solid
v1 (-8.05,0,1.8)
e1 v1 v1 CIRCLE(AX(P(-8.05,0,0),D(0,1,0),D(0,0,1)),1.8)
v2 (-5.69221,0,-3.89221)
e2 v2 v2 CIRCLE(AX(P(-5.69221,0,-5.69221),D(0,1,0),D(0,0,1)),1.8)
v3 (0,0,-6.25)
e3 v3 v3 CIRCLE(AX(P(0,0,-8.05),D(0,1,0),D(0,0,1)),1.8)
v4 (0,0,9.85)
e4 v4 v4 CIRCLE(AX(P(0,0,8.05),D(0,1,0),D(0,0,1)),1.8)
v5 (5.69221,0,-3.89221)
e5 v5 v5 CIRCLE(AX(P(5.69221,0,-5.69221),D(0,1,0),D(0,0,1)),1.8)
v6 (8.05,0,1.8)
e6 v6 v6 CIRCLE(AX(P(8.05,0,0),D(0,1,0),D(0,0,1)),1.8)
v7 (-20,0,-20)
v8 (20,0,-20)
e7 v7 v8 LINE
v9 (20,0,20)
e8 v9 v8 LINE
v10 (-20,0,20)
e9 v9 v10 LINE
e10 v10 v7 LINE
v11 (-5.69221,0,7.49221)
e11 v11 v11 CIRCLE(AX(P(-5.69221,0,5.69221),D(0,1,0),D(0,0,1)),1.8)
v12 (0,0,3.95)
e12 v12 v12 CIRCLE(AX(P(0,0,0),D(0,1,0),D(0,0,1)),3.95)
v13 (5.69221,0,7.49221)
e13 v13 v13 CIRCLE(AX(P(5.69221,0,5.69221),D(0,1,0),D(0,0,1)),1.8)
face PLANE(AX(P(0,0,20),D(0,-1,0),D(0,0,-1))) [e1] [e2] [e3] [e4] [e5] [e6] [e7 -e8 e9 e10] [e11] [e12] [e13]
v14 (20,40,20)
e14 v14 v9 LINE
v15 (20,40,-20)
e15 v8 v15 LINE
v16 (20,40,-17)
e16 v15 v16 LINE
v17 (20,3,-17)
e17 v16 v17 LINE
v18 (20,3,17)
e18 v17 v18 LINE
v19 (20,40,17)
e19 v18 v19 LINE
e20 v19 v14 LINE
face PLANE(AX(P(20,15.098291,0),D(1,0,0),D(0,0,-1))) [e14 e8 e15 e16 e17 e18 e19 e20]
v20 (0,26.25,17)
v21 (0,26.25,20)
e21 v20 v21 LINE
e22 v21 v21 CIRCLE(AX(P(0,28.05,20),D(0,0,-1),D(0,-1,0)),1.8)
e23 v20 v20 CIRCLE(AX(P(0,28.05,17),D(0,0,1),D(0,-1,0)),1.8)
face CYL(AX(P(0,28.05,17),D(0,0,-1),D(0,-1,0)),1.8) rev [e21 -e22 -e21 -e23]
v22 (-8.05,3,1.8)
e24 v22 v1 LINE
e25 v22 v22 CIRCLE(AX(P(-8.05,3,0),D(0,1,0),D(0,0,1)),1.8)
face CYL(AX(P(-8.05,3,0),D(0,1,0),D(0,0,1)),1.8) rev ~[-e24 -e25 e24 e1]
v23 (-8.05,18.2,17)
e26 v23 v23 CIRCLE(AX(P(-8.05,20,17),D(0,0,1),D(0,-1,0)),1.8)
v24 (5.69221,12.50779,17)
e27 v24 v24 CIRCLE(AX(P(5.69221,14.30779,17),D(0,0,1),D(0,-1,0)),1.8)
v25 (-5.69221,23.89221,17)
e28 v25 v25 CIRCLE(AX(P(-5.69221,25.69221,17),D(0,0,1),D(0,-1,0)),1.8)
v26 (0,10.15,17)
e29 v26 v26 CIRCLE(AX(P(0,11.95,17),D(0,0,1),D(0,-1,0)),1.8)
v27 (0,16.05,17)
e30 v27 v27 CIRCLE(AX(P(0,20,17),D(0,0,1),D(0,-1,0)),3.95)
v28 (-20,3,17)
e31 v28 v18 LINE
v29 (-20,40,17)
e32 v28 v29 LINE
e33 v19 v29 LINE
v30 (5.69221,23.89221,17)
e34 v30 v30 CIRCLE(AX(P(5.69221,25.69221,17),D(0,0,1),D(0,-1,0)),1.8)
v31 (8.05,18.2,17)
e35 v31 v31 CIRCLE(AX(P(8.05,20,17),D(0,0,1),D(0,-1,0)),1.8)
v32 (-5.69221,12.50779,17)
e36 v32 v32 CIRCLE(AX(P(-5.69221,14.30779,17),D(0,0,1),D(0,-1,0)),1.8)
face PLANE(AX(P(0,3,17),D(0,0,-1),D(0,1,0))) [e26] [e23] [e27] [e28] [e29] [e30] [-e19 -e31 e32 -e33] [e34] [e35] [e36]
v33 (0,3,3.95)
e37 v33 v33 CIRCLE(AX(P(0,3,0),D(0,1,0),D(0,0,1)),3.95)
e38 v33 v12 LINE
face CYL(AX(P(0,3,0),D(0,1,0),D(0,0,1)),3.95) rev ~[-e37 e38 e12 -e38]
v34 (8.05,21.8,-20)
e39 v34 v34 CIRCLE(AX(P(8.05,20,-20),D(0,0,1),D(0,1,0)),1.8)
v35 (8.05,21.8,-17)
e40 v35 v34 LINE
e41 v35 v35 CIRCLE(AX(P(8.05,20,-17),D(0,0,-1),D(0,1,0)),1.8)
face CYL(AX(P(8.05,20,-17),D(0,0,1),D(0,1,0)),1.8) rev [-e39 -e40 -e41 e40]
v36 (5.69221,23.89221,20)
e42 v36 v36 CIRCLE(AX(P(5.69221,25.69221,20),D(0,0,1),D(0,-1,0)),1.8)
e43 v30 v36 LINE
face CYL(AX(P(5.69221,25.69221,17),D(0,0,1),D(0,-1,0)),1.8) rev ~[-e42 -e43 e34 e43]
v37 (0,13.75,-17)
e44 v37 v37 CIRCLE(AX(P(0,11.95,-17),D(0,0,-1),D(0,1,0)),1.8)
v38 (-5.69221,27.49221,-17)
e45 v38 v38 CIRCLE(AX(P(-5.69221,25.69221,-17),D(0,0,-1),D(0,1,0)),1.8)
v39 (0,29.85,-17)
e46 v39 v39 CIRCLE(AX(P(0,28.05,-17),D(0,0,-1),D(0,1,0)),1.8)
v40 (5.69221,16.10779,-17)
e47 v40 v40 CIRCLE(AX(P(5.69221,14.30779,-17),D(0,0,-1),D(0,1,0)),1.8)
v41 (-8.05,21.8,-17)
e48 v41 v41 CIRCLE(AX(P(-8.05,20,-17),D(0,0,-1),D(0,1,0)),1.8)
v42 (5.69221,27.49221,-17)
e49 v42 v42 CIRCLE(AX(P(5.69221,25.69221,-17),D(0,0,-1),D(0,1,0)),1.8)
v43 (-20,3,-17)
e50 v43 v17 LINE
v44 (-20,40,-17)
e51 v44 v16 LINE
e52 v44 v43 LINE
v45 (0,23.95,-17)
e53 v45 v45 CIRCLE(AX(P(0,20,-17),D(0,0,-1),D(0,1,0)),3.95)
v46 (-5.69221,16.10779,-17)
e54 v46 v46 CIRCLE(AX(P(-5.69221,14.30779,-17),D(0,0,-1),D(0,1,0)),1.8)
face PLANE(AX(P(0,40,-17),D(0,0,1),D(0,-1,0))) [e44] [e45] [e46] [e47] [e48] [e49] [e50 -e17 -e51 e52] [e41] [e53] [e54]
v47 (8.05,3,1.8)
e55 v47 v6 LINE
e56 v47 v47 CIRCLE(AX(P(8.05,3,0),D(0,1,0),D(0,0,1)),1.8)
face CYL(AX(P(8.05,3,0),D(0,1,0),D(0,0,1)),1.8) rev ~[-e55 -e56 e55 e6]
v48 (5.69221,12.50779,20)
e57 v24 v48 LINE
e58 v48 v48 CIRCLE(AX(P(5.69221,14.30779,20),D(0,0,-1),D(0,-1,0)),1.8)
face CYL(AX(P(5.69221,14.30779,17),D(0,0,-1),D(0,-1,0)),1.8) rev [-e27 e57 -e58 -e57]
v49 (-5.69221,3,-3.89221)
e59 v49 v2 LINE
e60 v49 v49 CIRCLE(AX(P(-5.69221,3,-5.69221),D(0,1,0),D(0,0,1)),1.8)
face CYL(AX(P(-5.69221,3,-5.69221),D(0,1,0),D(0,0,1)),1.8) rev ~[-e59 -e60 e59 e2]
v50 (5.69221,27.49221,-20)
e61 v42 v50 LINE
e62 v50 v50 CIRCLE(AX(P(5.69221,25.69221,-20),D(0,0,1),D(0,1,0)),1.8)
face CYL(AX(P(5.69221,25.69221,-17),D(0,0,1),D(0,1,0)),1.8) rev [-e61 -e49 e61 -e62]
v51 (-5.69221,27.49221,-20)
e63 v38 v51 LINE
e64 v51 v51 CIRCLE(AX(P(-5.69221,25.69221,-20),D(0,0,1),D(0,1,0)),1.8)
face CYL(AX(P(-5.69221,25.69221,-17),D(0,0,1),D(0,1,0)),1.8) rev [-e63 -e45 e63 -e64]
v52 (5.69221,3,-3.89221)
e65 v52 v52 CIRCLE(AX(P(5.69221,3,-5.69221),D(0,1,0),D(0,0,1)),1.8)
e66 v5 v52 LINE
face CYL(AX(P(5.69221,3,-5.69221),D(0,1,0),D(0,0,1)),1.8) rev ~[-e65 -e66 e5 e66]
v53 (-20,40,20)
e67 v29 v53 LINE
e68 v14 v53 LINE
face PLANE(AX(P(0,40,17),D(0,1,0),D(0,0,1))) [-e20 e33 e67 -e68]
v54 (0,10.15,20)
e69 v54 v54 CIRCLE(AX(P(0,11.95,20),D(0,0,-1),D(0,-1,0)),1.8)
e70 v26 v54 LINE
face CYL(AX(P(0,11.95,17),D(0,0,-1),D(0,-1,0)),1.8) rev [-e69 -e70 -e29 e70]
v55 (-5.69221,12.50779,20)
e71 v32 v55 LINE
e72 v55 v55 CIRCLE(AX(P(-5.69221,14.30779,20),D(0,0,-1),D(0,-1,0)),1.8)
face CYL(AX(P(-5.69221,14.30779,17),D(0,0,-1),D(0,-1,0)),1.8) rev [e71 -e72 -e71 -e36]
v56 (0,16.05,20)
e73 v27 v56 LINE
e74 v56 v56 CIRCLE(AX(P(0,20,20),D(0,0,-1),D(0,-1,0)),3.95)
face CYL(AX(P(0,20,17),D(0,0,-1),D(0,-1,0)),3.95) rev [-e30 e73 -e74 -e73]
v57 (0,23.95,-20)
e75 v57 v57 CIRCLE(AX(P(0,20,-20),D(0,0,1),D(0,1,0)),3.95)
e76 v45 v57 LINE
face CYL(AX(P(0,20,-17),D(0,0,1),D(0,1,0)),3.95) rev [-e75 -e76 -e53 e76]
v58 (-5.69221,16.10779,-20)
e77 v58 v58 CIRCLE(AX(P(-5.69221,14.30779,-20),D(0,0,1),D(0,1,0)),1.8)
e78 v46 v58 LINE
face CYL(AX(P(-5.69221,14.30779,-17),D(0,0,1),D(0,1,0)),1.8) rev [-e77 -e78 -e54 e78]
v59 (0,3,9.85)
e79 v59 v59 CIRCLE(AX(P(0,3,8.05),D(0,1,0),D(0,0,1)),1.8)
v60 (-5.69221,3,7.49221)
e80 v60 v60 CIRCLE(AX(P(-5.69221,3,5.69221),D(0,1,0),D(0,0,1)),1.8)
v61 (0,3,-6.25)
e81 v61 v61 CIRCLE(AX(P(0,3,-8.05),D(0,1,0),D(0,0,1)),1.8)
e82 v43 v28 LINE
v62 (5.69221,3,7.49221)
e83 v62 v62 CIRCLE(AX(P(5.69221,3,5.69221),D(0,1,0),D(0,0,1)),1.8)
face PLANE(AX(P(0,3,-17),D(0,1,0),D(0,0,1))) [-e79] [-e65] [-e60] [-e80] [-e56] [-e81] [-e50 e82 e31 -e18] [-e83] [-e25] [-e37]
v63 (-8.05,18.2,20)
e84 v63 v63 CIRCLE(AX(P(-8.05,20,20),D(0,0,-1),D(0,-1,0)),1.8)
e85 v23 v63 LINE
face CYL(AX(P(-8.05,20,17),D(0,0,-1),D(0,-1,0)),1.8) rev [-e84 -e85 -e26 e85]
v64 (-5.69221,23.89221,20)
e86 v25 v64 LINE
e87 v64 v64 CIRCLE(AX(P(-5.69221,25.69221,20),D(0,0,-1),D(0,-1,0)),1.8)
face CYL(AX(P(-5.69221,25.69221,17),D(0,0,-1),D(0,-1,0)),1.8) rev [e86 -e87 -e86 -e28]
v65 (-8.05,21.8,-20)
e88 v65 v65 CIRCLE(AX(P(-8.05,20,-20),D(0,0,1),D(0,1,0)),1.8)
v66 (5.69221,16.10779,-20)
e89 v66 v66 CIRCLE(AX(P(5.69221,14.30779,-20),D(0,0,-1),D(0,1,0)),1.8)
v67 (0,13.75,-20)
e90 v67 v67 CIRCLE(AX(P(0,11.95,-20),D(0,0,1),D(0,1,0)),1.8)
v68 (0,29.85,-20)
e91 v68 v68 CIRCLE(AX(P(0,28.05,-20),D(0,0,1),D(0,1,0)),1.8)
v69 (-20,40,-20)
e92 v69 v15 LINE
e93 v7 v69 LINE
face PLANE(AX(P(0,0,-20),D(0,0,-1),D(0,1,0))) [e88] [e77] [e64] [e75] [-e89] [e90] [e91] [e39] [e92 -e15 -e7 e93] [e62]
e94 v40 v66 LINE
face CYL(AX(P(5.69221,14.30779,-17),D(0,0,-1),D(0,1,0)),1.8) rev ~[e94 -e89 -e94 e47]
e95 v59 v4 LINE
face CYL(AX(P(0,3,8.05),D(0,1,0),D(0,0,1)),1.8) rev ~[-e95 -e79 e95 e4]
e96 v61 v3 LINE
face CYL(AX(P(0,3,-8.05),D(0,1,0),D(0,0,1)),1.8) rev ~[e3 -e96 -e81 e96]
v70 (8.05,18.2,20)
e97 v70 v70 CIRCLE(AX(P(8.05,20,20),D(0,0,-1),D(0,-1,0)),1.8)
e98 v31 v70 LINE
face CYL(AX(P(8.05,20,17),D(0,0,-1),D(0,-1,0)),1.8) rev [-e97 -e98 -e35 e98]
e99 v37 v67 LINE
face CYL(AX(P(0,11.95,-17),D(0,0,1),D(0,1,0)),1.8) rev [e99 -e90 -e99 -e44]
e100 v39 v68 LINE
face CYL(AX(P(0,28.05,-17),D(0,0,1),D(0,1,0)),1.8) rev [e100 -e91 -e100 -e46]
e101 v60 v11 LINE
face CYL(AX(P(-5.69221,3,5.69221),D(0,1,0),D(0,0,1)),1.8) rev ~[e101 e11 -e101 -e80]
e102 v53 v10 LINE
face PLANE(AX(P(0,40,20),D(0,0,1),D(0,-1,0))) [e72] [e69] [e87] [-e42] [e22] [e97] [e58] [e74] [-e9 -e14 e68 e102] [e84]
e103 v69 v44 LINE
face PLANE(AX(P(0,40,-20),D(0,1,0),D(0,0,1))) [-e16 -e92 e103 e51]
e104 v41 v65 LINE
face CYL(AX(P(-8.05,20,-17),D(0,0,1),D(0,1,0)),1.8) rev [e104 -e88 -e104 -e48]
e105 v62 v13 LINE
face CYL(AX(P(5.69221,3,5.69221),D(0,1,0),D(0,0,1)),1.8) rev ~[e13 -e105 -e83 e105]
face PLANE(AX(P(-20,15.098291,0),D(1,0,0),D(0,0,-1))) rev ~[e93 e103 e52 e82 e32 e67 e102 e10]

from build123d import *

# Parameters (mm, degrees)
C_1U_DEPTH               = 20
SKETCH_8_R               = 3.95
SKETCH_8_R_2             = 1.8
CUT_EXTRUDE_696_DEPTH    = 5
PATTERN_CIRCULAR_A_COUNT = 2
PATTERN_CIRCULAR_A_ANGLE = 270
PATTERN_CIRCULAR_B_COUNT = 2
PATTERN_CIRCULAR_B_ANGLE = 90


with BuildPart() as part:
    # c型梁 → C型梁1u (new, symmetric)
    with BuildSketch(Plane(origin=(0, 0, 0), x_dir=(0, 0, -1), z_dir=(1, 0, 0))):
        Polygon((-20, 0), (20, 0), (20, 40), (17, 40), (17, 3), (-17, 3), (-17, 40), (-20, 40), align=None)
    extrude(amount=C_1U_DEPTH, both=True)

    # 8位安装孔 → Cut-Extrude 696 (cut, symmetric)
    with BuildSketch(Plane(origin=(0, 3, 0), x_dir=(1, 0, 0), z_dir=(0, 1, 0))):
        with Locations(Location((0, 0, 0), (0, 0, 270))):
            Circle(SKETCH_8_R)
        with Locations(Location((8.05, 0, 0), (0, 0, 270))):
            Circle(SKETCH_8_R_2)
        with Locations(Location((5.692209589, -5.692209589, 0), (0, 0, 270))):
            Circle(SKETCH_8_R_2)
        with Locations(Location((0, -8.05, 0), (0, 0, 270))):
            Circle(SKETCH_8_R_2)
        with Locations(Location((-5.692209589, -5.692209589, 0), (0, 0, 270))):
            Circle(SKETCH_8_R_2)
        with Locations(Location((-8.05, 0, 0), (0, 0, 270))):
            Circle(SKETCH_8_R_2)
        with Locations(Location((-5.692209589, 5.692209589, 0), (0, 0, 270))):
            Circle(SKETCH_8_R_2)
        with Locations(Location((0, 8.05, 0), (0, 0, 270))):
            Circle(SKETCH_8_R_2)
        with Locations(Location((5.692209589, 5.692209589, 0), (0, 0, 270))):
            Circle(SKETCH_8_R_2)
    cut_extrude_696 = extrude(amount=CUT_EXTRUDE_696_DEPTH, both=True, mode=Mode.SUBTRACT)

    # 安装孔A侧: Cut-Extrude 696 ×2 about axis
    pattern_circular_a_axis = Axis((20, 3, 17), (-1, 0, 0))
    for i in range(1, PATTERN_CIRCULAR_A_COUNT):
        add(cut_extrude_696.rotate(pattern_circular_a_axis, i * PATTERN_CIRCULAR_A_ANGLE / (PATTERN_CIRCULAR_A_COUNT - 1)), mode=Mode.SUBTRACT)

    # 安装孔B侧: Cut-Extrude 696 ×2 about axis
    pattern_circular_b_axis = Axis((20, 3, -17), (-1, 0, 0))
    for i in range(1, PATTERN_CIRCULAR_B_COUNT):
        add(cut_extrude_696.rotate(pattern_circular_b_axis, i * PATTERN_CIRCULAR_B_ANGLE / (PATTERN_CIRCULAR_B_COUNT - 1)), mode=Mode.SUBTRACT)


solid = part.part
